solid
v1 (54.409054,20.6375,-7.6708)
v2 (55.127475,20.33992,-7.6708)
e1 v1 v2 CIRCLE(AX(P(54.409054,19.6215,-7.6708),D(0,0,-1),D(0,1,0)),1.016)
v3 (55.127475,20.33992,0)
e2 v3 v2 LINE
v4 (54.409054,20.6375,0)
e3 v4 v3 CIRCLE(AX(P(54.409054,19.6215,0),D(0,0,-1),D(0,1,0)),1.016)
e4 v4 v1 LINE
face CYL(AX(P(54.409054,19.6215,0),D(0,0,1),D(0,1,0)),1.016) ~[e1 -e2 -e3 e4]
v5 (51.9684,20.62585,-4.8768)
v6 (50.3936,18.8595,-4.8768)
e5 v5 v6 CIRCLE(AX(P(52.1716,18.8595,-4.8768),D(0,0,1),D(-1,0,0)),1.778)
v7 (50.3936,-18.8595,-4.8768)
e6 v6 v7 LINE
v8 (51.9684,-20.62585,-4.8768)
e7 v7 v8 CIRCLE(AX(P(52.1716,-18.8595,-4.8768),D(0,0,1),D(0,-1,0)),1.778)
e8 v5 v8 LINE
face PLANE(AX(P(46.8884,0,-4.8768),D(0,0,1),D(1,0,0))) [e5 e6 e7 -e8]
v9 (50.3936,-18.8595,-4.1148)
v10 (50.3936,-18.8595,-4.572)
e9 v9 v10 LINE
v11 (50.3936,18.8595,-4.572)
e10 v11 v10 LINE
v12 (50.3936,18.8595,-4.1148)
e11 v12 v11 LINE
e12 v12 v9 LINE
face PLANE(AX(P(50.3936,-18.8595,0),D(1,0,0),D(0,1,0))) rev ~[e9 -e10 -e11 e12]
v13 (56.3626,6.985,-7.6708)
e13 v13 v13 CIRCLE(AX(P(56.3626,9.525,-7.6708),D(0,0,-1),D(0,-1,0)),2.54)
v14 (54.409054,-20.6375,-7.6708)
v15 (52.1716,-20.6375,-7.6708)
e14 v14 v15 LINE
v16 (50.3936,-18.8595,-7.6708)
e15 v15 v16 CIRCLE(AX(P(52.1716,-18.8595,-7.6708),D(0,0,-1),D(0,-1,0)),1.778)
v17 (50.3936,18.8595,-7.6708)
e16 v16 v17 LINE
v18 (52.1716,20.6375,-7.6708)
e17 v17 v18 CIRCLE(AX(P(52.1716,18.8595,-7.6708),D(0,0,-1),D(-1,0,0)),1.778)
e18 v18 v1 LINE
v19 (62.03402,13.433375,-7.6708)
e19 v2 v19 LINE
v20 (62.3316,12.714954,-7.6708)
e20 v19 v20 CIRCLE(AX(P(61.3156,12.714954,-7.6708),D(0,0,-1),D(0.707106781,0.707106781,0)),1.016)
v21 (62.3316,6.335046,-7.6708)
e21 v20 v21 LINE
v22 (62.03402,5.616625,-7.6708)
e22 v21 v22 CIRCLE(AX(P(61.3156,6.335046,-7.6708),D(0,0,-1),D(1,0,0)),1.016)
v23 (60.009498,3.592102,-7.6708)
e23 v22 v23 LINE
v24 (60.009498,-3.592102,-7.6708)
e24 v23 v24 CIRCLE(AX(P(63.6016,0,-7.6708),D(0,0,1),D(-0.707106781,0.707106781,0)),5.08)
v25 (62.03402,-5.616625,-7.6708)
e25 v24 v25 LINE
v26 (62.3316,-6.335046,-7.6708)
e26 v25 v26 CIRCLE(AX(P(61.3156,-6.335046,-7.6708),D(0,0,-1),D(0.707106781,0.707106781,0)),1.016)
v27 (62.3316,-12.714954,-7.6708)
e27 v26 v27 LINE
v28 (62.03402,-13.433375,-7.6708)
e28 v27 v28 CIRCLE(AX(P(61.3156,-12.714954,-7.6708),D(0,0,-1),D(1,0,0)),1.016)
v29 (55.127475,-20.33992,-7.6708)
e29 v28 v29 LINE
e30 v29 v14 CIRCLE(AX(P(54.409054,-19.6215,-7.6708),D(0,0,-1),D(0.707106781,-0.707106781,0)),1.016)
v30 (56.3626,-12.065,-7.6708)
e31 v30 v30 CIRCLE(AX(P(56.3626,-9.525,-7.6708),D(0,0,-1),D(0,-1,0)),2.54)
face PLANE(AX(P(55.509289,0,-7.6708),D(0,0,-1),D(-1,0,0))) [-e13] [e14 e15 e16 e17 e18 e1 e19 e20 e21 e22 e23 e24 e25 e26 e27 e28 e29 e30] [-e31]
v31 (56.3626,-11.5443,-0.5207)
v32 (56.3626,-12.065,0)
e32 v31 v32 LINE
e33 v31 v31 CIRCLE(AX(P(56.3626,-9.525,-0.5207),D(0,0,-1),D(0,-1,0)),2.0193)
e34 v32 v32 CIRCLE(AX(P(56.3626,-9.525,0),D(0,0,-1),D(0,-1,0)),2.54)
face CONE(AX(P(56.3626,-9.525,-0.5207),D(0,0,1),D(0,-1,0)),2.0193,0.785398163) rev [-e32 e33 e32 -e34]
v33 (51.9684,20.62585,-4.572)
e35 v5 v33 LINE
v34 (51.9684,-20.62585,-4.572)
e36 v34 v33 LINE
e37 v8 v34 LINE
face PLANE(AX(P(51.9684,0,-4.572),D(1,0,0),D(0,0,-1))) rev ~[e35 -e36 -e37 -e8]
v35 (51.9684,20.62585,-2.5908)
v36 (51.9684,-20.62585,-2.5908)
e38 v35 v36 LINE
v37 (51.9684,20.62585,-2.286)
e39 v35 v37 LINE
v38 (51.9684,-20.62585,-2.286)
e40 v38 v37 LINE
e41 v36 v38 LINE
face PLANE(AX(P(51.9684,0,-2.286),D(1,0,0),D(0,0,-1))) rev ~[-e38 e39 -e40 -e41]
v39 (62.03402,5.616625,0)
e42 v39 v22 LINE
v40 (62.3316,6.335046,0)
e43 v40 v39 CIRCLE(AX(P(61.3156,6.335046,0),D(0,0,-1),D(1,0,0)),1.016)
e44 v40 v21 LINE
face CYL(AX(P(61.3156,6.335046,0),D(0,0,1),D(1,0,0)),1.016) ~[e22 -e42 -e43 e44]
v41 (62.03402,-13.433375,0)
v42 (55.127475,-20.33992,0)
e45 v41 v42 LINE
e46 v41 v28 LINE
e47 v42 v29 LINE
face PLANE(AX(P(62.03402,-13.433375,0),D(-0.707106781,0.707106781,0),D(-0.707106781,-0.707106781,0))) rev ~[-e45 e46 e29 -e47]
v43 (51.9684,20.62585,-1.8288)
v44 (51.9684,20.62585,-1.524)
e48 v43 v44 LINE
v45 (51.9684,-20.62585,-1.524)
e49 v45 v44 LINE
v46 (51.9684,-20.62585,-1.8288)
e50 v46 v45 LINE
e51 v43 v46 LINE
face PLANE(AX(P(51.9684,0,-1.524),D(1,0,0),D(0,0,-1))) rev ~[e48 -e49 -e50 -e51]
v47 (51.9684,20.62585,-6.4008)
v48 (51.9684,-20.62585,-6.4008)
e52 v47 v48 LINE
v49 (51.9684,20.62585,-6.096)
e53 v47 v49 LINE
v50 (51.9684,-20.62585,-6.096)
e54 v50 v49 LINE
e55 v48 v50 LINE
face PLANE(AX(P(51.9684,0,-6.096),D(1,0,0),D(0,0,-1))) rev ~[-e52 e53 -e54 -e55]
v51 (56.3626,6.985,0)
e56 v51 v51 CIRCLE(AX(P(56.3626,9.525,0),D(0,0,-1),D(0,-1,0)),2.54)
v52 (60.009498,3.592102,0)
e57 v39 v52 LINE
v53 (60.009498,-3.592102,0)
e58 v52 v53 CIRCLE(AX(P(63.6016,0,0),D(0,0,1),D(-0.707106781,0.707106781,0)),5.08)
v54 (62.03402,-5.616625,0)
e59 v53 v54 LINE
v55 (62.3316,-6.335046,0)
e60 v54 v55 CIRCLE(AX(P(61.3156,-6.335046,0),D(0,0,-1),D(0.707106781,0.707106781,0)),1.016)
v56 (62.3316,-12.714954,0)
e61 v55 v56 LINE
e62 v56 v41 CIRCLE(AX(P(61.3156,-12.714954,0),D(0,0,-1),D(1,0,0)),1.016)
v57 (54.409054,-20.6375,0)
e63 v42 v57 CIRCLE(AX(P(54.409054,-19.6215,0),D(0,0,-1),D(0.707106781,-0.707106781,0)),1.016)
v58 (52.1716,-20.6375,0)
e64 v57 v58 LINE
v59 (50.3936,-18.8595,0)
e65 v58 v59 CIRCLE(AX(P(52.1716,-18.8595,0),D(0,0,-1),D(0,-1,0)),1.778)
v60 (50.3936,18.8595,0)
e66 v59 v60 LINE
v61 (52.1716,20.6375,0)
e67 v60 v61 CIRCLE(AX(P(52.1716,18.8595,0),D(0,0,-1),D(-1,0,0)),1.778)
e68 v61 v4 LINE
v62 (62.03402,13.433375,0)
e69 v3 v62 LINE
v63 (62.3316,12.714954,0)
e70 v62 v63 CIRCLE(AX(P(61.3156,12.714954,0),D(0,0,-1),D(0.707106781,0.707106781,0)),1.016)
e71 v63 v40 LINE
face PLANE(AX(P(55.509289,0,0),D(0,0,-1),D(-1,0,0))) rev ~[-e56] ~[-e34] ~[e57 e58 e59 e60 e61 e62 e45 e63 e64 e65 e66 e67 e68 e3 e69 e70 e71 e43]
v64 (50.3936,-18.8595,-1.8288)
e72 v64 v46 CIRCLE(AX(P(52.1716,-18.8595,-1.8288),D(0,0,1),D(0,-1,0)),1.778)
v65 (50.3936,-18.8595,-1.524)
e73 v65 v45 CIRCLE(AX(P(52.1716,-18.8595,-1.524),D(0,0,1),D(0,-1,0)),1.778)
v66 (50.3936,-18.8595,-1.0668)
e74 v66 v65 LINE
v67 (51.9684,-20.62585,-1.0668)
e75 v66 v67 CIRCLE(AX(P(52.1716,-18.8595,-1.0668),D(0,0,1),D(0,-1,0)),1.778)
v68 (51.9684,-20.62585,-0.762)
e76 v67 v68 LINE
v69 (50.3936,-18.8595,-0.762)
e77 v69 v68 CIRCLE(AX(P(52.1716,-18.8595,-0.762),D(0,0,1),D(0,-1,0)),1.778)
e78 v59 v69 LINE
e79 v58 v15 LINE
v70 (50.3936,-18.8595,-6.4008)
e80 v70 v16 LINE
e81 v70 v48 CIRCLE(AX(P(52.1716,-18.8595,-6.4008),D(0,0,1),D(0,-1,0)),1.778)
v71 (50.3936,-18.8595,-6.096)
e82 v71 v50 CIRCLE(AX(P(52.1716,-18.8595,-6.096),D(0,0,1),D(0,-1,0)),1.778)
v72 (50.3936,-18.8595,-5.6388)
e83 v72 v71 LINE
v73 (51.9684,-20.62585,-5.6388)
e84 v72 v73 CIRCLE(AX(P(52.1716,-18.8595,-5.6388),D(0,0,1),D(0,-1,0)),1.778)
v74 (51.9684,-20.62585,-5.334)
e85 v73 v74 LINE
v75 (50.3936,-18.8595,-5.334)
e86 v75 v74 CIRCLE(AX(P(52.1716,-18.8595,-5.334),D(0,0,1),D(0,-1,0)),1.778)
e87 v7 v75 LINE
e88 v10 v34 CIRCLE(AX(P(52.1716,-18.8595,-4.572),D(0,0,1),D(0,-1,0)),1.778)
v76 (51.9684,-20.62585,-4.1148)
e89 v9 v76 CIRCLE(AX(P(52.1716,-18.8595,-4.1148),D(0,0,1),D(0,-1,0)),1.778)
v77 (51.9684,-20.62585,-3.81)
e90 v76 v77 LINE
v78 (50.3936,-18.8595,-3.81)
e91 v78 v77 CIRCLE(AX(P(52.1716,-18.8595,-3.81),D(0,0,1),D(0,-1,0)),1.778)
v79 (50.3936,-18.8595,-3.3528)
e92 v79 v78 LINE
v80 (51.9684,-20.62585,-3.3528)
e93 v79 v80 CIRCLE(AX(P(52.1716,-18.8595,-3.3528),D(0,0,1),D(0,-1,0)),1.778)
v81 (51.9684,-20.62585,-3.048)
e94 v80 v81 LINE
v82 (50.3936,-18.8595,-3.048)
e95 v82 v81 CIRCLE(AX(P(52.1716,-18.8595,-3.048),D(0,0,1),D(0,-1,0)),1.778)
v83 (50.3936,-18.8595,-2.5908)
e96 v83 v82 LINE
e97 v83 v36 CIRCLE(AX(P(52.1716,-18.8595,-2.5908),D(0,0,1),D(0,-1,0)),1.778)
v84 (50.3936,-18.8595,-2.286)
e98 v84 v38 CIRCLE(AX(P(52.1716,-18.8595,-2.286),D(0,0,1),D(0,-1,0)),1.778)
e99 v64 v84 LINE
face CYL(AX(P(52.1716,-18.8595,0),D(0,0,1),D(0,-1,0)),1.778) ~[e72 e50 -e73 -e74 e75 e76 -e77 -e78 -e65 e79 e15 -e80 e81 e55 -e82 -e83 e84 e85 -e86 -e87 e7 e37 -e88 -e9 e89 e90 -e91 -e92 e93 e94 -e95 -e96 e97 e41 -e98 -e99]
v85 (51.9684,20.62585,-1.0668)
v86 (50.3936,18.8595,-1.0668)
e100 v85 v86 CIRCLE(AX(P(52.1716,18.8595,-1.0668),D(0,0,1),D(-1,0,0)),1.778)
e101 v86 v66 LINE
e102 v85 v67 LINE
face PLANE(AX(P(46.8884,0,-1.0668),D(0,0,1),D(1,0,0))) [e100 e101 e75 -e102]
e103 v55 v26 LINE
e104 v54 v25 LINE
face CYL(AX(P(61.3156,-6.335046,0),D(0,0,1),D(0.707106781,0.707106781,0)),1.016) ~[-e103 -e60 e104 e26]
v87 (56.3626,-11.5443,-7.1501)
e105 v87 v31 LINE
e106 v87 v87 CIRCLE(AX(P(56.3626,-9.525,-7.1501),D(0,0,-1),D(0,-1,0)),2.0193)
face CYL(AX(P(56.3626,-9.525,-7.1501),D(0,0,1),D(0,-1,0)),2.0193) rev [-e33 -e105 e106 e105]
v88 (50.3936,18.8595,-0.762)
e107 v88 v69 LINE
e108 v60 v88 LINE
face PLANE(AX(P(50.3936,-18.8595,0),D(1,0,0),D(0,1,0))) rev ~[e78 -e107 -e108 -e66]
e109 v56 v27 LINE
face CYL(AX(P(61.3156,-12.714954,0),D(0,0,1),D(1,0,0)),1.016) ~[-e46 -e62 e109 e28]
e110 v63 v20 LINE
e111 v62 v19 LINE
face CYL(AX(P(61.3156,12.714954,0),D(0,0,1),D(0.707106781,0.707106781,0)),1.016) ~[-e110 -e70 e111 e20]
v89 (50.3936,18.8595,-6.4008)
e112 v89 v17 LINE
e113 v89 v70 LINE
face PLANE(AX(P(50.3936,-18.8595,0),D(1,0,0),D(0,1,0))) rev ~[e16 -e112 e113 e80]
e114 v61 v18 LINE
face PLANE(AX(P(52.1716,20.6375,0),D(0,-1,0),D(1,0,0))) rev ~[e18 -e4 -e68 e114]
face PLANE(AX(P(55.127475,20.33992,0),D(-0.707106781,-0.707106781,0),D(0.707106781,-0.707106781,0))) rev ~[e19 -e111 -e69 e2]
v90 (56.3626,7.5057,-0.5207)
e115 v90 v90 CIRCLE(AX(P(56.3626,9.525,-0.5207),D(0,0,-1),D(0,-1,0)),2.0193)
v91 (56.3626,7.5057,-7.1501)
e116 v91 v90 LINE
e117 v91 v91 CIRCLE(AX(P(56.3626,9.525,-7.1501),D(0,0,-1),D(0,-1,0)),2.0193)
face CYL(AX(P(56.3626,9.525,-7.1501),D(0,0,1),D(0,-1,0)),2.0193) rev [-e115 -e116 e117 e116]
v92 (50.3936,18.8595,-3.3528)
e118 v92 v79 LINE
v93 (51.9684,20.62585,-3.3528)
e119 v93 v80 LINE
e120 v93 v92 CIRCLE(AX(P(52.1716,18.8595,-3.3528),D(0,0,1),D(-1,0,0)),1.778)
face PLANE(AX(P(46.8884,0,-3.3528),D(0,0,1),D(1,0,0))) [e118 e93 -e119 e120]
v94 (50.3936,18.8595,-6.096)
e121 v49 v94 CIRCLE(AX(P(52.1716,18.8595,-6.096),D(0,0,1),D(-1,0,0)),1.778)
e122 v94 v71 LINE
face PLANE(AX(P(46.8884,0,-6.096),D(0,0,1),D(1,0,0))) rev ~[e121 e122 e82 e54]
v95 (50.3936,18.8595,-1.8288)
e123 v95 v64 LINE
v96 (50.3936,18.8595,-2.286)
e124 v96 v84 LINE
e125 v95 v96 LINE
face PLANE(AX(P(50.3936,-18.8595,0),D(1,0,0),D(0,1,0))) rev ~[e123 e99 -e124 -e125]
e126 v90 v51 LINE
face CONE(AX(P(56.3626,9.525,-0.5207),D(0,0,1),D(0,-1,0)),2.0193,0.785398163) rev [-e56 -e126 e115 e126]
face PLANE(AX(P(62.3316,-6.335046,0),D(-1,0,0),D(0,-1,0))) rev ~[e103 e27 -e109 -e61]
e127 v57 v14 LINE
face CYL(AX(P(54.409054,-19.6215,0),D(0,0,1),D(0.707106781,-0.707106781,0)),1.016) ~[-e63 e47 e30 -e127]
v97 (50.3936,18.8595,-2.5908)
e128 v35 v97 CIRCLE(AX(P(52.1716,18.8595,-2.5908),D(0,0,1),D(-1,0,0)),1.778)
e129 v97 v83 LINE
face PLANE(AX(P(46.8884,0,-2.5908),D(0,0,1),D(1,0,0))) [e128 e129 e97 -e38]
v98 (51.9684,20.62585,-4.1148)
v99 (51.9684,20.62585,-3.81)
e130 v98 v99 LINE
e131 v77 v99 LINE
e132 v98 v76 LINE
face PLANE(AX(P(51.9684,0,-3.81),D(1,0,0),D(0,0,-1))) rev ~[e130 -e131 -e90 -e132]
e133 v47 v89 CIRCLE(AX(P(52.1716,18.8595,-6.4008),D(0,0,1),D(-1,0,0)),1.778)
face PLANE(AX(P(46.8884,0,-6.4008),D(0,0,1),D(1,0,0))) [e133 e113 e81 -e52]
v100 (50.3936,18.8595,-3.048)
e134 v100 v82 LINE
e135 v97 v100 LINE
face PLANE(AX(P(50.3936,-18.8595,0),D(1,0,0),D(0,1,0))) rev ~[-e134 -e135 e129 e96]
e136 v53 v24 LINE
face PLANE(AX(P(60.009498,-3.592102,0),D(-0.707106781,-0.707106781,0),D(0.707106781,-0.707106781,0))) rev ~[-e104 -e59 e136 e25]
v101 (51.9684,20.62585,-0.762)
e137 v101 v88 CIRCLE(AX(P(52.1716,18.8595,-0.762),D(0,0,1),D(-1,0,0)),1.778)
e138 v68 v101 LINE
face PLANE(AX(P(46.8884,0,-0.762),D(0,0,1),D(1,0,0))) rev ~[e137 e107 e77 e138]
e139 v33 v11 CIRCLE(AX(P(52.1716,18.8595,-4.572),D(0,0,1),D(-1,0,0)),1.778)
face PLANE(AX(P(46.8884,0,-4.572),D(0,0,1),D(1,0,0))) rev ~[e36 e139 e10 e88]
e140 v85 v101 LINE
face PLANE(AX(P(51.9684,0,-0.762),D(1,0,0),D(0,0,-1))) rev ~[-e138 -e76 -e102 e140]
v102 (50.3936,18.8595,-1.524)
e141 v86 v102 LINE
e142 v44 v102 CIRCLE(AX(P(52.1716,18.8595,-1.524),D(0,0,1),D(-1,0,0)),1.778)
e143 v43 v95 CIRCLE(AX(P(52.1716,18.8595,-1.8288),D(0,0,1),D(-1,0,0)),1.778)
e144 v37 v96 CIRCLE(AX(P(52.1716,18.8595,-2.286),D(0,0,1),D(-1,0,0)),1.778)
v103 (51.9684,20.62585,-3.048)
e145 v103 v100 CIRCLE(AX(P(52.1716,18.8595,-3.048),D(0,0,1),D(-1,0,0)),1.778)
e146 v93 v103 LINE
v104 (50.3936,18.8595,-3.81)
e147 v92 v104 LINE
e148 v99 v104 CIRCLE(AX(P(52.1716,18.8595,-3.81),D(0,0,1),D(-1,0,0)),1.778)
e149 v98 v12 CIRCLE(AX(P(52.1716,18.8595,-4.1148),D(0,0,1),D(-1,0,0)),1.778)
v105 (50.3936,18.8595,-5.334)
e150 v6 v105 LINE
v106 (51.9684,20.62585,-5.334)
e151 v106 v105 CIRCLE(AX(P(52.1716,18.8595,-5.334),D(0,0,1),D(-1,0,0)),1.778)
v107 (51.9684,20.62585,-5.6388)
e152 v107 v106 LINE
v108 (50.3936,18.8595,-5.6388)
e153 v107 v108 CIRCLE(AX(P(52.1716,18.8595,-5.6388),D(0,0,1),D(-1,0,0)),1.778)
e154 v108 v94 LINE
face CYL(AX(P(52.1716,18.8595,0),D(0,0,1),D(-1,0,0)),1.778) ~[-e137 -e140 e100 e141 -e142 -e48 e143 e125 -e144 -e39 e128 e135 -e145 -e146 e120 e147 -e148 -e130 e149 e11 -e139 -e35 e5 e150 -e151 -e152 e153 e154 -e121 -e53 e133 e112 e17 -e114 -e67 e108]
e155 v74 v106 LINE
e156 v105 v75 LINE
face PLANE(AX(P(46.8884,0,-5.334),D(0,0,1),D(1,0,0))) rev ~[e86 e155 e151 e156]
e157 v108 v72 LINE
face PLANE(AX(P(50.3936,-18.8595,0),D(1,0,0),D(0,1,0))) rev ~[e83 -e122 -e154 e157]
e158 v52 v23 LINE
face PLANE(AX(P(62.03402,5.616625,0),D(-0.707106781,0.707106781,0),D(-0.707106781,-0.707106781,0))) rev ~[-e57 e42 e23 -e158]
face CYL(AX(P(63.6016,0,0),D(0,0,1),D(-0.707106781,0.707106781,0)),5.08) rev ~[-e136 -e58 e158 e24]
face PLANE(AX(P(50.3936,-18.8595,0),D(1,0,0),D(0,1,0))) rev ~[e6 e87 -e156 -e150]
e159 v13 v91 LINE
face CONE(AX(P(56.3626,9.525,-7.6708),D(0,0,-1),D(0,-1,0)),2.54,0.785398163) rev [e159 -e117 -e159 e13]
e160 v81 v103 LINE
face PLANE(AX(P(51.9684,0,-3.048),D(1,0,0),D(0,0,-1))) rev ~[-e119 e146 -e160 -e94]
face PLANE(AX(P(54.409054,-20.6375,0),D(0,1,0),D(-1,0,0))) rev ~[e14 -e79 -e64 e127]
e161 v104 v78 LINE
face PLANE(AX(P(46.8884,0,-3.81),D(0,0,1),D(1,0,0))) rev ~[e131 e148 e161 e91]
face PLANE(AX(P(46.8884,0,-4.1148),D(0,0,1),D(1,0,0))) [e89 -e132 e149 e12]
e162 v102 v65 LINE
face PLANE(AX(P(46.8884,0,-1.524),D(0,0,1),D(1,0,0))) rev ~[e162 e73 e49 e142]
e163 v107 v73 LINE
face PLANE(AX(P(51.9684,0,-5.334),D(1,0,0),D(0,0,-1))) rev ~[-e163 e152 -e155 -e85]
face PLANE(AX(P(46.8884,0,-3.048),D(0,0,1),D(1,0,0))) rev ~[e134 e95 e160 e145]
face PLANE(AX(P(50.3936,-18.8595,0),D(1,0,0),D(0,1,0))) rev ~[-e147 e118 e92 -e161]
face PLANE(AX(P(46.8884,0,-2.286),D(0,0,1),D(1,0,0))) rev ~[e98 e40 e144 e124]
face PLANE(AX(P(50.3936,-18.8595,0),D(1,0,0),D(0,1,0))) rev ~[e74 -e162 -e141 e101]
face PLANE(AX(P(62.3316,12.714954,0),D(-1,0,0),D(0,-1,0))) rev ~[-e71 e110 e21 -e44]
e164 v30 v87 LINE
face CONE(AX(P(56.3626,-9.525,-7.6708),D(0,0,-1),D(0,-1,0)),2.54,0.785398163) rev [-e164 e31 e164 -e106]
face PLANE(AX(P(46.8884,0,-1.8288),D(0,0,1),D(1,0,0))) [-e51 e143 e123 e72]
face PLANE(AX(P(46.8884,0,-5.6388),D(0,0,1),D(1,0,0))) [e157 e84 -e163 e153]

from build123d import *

# Parameters (mm, degrees)
BOSS_EXTRUDE1_DEPTH             = 7.6708
SKETCH2_W                       = 5.08
SKETCH2_H                       = 0.3048
CUT_EXTRUDE1_DEPTH              = 38.1
LPATTERN1_COUNT                 = 8
LPATTERN1_PITCH                 = 0.762
F_10_32_TAPPED_HOLE1_AT_2_COUNT = 2
F_10_32_TAPPED_HOLE1_AT_2_PITCH = 19.05


with BuildPart() as part:
    # Sketch1 → Boss-Extrude1 (new body)
    with BuildSketch(Plane.XY):
        with BuildLine():
            Line((52.1716, 20.6375), (54.409054124, 20.6375))
            ThreePointArc((54.409054124, 20.6375), (54.797860491, 20.560161605), (55.127474613, 20.33992049))
            Line((55.127474613, 20.33992049), (62.03402049, 13.433374613))
            ThreePointArc((62.03402049, 13.433374613), (62.254261605, 13.103760491), (62.3316, 12.714954124))
            Line((62.3316, 12.714954124), (62.3316, 6.335045876))
            ThreePointArc((62.3316, 6.335045876), (62.254261605, 5.946239509), (62.03402049, 5.616625387))
            Line((62.03402049, 5.616625387), (60.009497552, 3.592102448))
            ThreePointArc((60.009497552, 3.592102448), (58.5216, 0), (60.009497552, -3.592102448))
            Line((60.009497552, -3.592102448), (62.03402049, -5.616625387))
            ThreePointArc((62.03402049, -5.616625387), (62.254261605, -5.946239509), (62.3316, -6.335045876))
            Line((62.3316, -6.335045876), (62.3316, -12.714954124))
            ThreePointArc((62.3316, -12.714954124), (62.254261605, -13.103760491), (62.03402049, -13.433374613))
            Line((62.03402049, -13.433374613), (55.127474613, -20.33992049))
            ThreePointArc((55.127474613, -20.33992049), (54.797860491, -20.560161605), (54.409054124, -20.6375))
            Line((54.409054124, -20.6375), (52.1716, -20.6375))
            ThreePointArc((52.1716, -20.6375), (50.914364143, -20.116735857), (50.3936, -18.8595))
            Line((50.3936, -18.8595), (50.3936, 18.8595))
            ThreePointArc((50.3936, 18.8595), (50.914364143, 20.116735857), (52.1716, 20.6375))
        make_face()
    extrude(amount=-BOSS_EXTRUDE1_DEPTH)

    # Sketch2 → Cut-Extrude1 (cut, symmetric)
    with BuildSketch(Plane(origin=(0, 0, 0), x_dir=(1, 0, 0), z_dir=(0, 1, 0))):
        with Locations((49.4284, 0.9144)):
            Rectangle(SKETCH2_W, SKETCH2_H)
    cut_extrude1 = extrude(amount=CUT_EXTRUDE1_DEPTH, both=True, mode=Mode.SUBTRACT)

    # LPattern1: Cut-Extrude1 ×8
    with Locations(*[(0, 0, -i * LPATTERN1_PITCH) for i in range(1, LPATTERN1_COUNT)]):
        add(cut_extrude1, mode=Mode.SUBTRACT)

    # Sketch3 → #10-32 Tapped Hole1 (revolve, cut)
    with BuildSketch(Plane(origin=(56.3626, 9.525, 0), x_dir=(0, -1, 0), z_dir=(1, 0, 0))):
        Polygon((0, 0), (0, 7.6708), (2.54, 7.6708), (2.0193, 7.1501), (2.0193, 0.5207), (2.54, 0), align=None)
    f_10_32_tapped_hole1 = revolve(axis=Axis((56.3626, 9.525, 6.35), (0, 0, -1)), mode=Mode.SUBTRACT)

    # #10-32 Tapped Hole1 at 2: #10-32 Tapped Hole1 ×2
    with Locations(*[(0, -i * F_10_32_TAPPED_HOLE1_AT_2_PITCH, 0) for i in range(1, F_10_32_TAPPED_HOLE1_AT_2_COUNT)]):
        add(f_10_32_tapped_hole1, mode=Mode.SUBTRACT)


solid = part.part
